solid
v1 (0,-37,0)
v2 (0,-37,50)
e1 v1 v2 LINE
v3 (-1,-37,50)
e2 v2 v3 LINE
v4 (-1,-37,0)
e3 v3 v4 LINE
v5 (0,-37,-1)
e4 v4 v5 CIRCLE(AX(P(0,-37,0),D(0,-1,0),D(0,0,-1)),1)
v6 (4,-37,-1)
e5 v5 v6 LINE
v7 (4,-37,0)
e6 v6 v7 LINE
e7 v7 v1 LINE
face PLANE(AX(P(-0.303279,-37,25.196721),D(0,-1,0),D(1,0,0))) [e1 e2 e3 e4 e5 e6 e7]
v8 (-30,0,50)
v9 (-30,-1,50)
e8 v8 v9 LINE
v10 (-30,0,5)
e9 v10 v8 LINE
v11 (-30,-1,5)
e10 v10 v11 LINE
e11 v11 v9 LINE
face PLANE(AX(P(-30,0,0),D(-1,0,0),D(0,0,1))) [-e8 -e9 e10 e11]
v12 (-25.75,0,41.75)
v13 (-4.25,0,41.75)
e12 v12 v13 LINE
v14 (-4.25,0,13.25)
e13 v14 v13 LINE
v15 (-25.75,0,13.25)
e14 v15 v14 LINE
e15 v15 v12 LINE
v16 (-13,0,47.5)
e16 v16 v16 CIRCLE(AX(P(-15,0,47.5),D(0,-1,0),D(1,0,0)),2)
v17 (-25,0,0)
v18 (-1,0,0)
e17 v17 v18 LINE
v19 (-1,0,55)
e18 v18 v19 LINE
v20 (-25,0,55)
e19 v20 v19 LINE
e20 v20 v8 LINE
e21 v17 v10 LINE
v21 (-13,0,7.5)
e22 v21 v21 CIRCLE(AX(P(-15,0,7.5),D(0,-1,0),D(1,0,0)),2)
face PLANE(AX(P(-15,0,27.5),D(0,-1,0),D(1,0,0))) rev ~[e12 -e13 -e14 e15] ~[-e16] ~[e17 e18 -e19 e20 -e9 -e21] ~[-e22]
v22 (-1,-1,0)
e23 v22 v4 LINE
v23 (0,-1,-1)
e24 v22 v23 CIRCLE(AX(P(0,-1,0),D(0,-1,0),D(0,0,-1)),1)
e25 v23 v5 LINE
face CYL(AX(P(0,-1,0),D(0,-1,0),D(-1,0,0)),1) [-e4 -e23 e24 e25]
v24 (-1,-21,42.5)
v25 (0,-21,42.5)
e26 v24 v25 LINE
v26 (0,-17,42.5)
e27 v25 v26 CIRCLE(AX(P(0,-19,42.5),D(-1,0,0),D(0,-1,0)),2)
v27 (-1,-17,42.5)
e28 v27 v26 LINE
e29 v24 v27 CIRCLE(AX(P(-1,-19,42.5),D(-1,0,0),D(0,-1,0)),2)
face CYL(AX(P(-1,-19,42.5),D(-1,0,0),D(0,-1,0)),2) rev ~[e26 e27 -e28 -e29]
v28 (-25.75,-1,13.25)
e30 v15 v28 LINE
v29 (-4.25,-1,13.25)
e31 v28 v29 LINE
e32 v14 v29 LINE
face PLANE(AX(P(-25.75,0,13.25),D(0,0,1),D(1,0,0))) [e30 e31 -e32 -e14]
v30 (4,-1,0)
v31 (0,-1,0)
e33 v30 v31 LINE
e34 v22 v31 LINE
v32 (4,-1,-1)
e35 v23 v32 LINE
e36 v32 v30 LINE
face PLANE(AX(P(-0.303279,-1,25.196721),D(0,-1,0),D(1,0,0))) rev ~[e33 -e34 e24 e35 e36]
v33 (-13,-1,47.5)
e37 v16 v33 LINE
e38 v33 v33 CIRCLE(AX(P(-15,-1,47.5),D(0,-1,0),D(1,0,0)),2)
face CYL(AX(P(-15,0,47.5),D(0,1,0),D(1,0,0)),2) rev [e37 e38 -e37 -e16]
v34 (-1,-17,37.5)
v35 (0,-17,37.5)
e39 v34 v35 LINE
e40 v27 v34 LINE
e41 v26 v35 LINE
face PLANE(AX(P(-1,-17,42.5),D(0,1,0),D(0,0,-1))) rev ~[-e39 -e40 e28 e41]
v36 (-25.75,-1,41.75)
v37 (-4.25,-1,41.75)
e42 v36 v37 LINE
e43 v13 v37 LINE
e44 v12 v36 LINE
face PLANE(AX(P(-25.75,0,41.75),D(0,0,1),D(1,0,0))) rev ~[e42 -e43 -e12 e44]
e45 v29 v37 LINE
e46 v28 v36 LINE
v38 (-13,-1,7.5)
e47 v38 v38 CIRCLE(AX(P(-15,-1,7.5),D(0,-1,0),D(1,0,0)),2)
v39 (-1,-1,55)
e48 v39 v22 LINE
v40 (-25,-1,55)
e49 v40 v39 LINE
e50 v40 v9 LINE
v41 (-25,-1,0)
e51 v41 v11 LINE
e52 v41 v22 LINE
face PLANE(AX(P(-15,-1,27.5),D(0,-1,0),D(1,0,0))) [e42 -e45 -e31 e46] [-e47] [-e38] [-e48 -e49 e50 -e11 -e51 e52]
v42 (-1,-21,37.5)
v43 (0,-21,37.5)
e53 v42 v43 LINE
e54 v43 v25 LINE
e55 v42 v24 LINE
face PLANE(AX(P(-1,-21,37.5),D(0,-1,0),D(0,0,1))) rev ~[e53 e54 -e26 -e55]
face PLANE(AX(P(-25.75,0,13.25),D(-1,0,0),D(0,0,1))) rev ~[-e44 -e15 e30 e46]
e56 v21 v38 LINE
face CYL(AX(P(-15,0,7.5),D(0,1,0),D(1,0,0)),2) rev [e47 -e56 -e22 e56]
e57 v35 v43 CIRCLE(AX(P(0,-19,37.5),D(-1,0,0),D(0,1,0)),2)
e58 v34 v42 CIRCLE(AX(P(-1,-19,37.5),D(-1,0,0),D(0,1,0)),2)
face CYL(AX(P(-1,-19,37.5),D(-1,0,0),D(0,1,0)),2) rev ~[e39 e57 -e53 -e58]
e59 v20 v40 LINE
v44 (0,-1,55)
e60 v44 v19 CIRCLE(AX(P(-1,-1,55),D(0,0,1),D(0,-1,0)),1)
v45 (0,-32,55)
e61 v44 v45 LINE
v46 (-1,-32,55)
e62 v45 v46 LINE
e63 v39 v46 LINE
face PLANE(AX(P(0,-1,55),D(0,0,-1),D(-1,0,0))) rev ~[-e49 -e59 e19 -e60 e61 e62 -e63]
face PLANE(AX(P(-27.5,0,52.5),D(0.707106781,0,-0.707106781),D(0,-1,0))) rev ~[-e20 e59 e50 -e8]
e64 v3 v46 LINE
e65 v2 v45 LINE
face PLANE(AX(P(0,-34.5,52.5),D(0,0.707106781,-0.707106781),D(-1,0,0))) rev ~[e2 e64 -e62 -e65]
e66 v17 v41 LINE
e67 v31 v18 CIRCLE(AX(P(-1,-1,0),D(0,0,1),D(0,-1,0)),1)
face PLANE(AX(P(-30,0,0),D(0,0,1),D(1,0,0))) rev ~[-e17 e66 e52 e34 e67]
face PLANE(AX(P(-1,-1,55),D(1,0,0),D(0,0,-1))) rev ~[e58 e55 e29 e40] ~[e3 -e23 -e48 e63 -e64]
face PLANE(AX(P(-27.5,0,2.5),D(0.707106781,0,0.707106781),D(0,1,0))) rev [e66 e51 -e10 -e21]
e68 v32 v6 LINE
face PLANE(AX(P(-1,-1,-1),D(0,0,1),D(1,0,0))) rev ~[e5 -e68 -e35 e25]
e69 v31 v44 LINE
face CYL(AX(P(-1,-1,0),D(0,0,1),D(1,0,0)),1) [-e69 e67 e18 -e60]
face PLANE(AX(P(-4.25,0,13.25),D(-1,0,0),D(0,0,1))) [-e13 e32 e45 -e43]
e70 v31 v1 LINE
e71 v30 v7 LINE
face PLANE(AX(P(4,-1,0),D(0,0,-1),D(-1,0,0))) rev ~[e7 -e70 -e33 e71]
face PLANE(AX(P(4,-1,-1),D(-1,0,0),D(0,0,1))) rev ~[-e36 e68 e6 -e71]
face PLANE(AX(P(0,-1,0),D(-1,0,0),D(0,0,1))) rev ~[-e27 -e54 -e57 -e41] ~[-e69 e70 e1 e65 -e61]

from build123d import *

# Parameters (mm, degrees)
F0_W     = 30
F0_H     = 55
F0_R     = 2
F0_W_2   = 21.5
F0_H_2   = 28.5
F1_DEPTH = 1
F3_DEPTH = 36
F5_DEPTH = 5.001
F6_SIZE  = 5
F7_R     = 1


with BuildPart() as f1:
    # F0 (on Front) → F1 (new body)
    with BuildSketch(Plane.XZ):
        with Locations((-15, 27.5)):
            Rectangle(F0_W, F0_H)
        with Locations((-15, 7.5)):
            Circle(F0_R, mode=Mode.SUBTRACT)
        with Locations((-15, 27.5)):
            Rectangle(F0_W_2, F0_H_2, mode=Mode.SUBTRACT)
        with Locations((-15, 47.5)):
            Circle(F0_R, mode=Mode.SUBTRACT)
    extrude(amount=F1_DEPTH)

    # F2 (on face) → F3 (join)
    with BuildSketch(Plane.XZ.offset(1)):
        Polygon((0, 0), (0, 55), (-1, 55), (-1, -1), (4, -1), (4, 0), align=None)
    extrude(amount=F3_DEPTH)

    # F4 (on face) → F5 (cut, through all)
    with BuildSketch(Plane(origin=(-1, 0, 0), x_dir=(0, -1, 0), z_dir=(-1, 0, 0))):
        with BuildLine():
            ThreePointArc((21, 42.5), (19, 44.5), (17, 42.5))
            Line((17, 42.5), (17, 37.5))
            ThreePointArc((17, 37.5), (19, 35.5), (21, 37.5))
            Line((21, 37.5), (21, 42.5))
        make_face()
    extrude(amount=-F5_DEPTH, mode=Mode.SUBTRACT)

    # F6
    f6_edges = [f1.edges().sort_by_distance(p)[0] for p in [
        (-30, -0.5, 55),
        (-0.5, -37, 55),
        (-30, -0.5, 0),
    ]]
    chamfer(f6_edges, length=F6_SIZE)

    # F7
    f7_edges = [f1.edges().sort_by_distance(p)[0] for p in [
        (0, 0, 27.5),
        (-1, -19, -1),
    ]]
    fillet(f7_edges, radius=F7_R)


solid = f1.part
